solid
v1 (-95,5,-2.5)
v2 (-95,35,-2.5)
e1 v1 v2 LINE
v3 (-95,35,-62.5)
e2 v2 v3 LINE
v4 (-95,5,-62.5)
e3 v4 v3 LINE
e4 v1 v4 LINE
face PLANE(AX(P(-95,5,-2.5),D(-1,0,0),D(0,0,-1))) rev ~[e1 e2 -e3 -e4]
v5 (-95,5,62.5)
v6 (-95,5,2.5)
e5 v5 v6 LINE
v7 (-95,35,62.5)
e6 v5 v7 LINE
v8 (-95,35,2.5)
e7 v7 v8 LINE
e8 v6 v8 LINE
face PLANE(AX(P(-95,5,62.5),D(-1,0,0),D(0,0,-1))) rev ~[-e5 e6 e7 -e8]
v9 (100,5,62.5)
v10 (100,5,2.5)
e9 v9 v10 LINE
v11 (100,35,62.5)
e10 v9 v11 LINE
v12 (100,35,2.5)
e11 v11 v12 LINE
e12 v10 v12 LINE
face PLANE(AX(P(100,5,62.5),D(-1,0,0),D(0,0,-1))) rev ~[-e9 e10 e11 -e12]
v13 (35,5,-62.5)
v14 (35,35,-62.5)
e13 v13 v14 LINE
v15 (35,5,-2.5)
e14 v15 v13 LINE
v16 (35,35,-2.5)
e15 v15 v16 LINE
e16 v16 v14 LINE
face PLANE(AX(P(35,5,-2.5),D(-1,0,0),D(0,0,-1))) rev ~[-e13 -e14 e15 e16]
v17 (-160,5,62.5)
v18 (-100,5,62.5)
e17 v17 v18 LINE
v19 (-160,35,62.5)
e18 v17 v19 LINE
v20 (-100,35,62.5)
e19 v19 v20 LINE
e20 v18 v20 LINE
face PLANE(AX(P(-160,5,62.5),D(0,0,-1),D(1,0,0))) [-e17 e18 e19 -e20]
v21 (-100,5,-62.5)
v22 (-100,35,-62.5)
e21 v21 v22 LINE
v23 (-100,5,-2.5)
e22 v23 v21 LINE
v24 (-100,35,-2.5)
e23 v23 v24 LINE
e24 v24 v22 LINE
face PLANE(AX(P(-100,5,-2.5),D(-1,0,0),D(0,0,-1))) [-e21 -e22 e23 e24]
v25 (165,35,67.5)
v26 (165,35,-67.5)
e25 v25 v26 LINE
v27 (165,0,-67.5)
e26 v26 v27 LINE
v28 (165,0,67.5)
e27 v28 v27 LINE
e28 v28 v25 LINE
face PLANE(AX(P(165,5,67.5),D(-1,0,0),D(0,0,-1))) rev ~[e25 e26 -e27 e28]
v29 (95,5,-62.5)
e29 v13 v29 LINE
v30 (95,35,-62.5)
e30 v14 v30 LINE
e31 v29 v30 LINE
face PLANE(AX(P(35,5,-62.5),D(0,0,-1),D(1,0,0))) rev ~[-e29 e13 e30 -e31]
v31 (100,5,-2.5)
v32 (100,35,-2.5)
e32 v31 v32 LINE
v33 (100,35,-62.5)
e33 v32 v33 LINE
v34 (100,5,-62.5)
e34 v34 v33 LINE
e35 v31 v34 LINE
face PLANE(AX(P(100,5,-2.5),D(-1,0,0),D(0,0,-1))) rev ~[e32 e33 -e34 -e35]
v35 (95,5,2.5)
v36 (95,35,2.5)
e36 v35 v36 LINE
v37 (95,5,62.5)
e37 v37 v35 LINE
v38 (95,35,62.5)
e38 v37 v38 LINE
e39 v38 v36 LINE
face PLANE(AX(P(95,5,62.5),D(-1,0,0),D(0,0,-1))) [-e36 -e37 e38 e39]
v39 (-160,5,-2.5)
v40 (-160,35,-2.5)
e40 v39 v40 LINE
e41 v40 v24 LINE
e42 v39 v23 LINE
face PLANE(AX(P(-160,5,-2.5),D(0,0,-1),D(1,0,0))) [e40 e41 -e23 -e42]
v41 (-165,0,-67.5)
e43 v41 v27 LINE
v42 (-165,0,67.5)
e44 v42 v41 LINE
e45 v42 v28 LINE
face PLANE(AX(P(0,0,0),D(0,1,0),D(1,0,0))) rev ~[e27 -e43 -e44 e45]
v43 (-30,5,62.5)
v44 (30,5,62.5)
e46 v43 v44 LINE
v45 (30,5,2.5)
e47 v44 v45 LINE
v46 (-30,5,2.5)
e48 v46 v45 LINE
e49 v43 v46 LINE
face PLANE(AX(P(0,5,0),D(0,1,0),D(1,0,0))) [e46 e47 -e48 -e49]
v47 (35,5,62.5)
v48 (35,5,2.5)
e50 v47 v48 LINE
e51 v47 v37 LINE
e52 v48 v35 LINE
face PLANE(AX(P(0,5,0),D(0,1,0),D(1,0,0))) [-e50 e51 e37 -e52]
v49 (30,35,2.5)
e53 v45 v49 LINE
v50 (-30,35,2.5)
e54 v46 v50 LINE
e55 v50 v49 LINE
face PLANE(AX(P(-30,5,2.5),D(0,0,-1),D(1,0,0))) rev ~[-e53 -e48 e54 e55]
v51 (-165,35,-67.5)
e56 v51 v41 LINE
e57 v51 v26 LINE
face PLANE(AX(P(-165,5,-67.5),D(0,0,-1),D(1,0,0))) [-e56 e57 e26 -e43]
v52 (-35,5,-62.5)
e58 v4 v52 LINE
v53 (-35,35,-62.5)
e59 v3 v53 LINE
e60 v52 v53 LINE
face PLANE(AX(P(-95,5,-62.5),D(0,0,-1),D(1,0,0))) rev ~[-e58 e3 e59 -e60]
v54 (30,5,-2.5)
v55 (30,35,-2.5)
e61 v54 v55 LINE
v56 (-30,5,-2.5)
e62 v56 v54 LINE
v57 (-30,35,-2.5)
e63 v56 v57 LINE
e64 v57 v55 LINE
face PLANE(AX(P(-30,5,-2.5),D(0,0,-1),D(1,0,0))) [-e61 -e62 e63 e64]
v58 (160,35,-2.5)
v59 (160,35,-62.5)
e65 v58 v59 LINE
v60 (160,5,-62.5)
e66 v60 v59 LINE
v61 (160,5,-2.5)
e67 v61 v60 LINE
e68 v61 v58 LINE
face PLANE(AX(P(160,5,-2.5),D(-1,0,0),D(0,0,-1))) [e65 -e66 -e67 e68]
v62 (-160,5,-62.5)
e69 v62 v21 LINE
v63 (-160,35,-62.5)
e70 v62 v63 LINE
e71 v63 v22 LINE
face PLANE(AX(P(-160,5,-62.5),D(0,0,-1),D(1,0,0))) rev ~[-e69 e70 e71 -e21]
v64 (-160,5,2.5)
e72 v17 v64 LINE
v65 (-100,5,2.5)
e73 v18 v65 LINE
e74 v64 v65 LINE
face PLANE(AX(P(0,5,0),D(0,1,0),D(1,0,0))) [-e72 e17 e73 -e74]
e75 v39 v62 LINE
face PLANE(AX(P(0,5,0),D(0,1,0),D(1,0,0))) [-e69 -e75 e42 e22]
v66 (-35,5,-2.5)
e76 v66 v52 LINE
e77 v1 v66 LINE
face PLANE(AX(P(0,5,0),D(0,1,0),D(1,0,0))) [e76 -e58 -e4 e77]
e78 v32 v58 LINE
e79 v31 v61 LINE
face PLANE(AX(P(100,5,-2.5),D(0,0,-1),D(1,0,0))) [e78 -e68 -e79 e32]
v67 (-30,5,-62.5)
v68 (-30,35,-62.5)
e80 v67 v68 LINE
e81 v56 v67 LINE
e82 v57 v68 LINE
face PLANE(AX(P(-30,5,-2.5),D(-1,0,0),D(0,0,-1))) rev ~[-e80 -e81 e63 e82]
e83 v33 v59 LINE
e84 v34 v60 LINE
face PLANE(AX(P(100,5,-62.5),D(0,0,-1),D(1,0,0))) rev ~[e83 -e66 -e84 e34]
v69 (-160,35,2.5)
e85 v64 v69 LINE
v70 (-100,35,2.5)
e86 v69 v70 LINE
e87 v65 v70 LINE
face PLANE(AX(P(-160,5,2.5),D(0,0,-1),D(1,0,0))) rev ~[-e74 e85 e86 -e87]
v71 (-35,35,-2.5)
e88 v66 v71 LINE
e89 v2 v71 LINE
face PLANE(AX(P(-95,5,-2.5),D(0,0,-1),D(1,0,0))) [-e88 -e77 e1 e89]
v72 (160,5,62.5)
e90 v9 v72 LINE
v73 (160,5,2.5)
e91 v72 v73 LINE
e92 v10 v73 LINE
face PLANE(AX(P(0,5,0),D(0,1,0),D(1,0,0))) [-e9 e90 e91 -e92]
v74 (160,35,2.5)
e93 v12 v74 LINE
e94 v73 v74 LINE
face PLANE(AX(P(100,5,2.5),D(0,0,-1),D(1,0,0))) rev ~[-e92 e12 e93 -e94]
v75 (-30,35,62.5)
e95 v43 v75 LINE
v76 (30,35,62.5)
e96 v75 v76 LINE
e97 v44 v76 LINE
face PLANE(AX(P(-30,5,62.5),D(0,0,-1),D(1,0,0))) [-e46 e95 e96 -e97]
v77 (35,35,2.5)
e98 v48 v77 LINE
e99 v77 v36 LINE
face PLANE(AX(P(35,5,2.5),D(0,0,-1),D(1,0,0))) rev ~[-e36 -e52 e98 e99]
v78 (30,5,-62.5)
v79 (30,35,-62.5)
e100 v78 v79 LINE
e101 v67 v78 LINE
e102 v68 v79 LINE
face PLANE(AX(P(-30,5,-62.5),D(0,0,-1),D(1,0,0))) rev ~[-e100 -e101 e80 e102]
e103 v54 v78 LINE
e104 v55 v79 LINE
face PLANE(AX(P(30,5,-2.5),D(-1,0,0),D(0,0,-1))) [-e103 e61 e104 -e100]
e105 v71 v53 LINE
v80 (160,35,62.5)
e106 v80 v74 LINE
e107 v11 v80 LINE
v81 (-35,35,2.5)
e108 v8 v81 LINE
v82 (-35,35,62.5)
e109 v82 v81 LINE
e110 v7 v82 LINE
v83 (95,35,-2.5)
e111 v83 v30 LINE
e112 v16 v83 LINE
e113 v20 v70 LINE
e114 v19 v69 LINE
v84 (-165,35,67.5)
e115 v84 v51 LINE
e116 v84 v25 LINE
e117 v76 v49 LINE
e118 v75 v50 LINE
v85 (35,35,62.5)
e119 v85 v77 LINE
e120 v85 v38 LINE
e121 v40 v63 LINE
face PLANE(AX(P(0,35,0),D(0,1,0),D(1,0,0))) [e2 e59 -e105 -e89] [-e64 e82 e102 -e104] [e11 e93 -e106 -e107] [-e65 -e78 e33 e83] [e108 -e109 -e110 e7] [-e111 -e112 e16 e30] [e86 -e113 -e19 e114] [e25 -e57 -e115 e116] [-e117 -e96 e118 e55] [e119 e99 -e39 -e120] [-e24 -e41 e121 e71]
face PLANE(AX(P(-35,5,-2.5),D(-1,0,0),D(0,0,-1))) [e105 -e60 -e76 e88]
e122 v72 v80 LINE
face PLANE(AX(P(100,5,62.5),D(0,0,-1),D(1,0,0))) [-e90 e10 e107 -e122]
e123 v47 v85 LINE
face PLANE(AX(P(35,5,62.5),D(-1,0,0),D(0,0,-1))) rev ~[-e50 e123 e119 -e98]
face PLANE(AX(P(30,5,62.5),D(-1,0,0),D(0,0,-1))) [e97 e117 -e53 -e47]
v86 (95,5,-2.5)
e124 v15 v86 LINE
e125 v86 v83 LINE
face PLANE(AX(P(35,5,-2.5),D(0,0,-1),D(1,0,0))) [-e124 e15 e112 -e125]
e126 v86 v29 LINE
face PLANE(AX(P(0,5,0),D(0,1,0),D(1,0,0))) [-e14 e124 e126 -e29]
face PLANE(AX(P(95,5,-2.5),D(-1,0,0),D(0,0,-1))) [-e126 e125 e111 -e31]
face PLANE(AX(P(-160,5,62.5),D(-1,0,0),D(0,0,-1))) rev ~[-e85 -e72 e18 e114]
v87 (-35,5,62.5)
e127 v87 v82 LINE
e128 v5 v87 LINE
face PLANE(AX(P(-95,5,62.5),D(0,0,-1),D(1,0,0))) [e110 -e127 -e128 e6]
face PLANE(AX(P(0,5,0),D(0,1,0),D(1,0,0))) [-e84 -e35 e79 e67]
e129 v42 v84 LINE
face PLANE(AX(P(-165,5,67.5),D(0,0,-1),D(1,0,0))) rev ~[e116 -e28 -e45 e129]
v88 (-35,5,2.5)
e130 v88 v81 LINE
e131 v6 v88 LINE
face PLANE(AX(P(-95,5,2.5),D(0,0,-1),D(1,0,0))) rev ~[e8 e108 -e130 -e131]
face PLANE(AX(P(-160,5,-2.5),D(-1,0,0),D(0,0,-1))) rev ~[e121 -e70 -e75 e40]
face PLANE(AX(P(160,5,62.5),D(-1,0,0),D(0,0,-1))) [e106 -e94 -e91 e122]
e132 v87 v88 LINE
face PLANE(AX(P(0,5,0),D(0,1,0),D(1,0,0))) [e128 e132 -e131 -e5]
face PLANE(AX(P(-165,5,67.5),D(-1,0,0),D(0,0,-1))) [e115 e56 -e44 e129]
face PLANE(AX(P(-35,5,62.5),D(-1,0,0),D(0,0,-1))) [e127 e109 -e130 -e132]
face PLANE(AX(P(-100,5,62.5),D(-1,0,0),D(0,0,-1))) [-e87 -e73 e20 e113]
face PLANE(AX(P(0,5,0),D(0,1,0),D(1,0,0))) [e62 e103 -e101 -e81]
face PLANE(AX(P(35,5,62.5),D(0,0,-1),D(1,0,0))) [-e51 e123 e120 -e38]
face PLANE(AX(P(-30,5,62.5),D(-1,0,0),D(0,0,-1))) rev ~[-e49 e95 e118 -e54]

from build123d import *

# Parameters (mm, degrees)
CROQUIS1_W              = 330
CROQUIS1_H              = 135
SALIENTE_EXTRUIR1_DEPTH = 5
CROQUIS2_W              = 330
CROQUIS2_H              = 135
CROQUIS2_W_2            = 60
CROQUIS2_H_2            = 60
SALIENTE_EXTRUIR2_DEPTH = 30


with BuildPart() as part:
    # Croquis1 → Saliente-Extruir1 (new body)
    with BuildSketch(Plane(origin=(0, 0, 0), x_dir=(1, 0, 0), z_dir=(0, 1, 0))):
        Rectangle(CROQUIS1_W, CROQUIS1_H)
    extrude(amount=SALIENTE_EXTRUIR1_DEPTH)

    # Croquis2 → Saliente-Extruir2 (add)
    with BuildSketch(Plane(origin=(0, 5, 0), x_dir=(1, 0, 0), z_dir=(0, 1, 0))):
        Rectangle(CROQUIS2_W, CROQUIS2_H)
        with Locations((-130, 32.5)):
            Rectangle(CROQUIS2_W_2, CROQUIS2_H_2, mode=Mode.SUBTRACT)
        with Locations((-65, 32.5)):
            Rectangle(CROQUIS2_W_2, CROQUIS2_H_2, mode=Mode.SUBTRACT)
        with Locations((0, 32.5)):
            Rectangle(CROQUIS2_W_2, CROQUIS2_H_2, mode=Mode.SUBTRACT)
        with Locations((65, 32.5)):
            Rectangle(CROQUIS2_W_2, CROQUIS2_H_2, mode=Mode.SUBTRACT)
        with Locations((130, 32.5)):
            Rectangle(CROQUIS2_W_2, CROQUIS2_H_2, mode=Mode.SUBTRACT)
        with Locations((-130, -32.5)):
            Rectangle(CROQUIS2_W_2, CROQUIS2_H_2, mode=Mode.SUBTRACT)
        with Locations((-65, -32.5)):
            Rectangle(CROQUIS2_W_2, CROQUIS2_H_2, mode=Mode.SUBTRACT)
        with Locations((0, -32.5)):
            Rectangle(CROQUIS2_W_2, CROQUIS2_H_2, mode=Mode.SUBTRACT)
        with Locations((65, -32.5)):
            Rectangle(CROQUIS2_W_2, CROQUIS2_H_2, mode=Mode.SUBTRACT)
        with Locations((130, -32.5)):
            Rectangle(CROQUIS2_W_2, CROQUIS2_H_2, mode=Mode.SUBTRACT)
    extrude(amount=SALIENTE_EXTRUIR2_DEPTH)


solid = part.part
